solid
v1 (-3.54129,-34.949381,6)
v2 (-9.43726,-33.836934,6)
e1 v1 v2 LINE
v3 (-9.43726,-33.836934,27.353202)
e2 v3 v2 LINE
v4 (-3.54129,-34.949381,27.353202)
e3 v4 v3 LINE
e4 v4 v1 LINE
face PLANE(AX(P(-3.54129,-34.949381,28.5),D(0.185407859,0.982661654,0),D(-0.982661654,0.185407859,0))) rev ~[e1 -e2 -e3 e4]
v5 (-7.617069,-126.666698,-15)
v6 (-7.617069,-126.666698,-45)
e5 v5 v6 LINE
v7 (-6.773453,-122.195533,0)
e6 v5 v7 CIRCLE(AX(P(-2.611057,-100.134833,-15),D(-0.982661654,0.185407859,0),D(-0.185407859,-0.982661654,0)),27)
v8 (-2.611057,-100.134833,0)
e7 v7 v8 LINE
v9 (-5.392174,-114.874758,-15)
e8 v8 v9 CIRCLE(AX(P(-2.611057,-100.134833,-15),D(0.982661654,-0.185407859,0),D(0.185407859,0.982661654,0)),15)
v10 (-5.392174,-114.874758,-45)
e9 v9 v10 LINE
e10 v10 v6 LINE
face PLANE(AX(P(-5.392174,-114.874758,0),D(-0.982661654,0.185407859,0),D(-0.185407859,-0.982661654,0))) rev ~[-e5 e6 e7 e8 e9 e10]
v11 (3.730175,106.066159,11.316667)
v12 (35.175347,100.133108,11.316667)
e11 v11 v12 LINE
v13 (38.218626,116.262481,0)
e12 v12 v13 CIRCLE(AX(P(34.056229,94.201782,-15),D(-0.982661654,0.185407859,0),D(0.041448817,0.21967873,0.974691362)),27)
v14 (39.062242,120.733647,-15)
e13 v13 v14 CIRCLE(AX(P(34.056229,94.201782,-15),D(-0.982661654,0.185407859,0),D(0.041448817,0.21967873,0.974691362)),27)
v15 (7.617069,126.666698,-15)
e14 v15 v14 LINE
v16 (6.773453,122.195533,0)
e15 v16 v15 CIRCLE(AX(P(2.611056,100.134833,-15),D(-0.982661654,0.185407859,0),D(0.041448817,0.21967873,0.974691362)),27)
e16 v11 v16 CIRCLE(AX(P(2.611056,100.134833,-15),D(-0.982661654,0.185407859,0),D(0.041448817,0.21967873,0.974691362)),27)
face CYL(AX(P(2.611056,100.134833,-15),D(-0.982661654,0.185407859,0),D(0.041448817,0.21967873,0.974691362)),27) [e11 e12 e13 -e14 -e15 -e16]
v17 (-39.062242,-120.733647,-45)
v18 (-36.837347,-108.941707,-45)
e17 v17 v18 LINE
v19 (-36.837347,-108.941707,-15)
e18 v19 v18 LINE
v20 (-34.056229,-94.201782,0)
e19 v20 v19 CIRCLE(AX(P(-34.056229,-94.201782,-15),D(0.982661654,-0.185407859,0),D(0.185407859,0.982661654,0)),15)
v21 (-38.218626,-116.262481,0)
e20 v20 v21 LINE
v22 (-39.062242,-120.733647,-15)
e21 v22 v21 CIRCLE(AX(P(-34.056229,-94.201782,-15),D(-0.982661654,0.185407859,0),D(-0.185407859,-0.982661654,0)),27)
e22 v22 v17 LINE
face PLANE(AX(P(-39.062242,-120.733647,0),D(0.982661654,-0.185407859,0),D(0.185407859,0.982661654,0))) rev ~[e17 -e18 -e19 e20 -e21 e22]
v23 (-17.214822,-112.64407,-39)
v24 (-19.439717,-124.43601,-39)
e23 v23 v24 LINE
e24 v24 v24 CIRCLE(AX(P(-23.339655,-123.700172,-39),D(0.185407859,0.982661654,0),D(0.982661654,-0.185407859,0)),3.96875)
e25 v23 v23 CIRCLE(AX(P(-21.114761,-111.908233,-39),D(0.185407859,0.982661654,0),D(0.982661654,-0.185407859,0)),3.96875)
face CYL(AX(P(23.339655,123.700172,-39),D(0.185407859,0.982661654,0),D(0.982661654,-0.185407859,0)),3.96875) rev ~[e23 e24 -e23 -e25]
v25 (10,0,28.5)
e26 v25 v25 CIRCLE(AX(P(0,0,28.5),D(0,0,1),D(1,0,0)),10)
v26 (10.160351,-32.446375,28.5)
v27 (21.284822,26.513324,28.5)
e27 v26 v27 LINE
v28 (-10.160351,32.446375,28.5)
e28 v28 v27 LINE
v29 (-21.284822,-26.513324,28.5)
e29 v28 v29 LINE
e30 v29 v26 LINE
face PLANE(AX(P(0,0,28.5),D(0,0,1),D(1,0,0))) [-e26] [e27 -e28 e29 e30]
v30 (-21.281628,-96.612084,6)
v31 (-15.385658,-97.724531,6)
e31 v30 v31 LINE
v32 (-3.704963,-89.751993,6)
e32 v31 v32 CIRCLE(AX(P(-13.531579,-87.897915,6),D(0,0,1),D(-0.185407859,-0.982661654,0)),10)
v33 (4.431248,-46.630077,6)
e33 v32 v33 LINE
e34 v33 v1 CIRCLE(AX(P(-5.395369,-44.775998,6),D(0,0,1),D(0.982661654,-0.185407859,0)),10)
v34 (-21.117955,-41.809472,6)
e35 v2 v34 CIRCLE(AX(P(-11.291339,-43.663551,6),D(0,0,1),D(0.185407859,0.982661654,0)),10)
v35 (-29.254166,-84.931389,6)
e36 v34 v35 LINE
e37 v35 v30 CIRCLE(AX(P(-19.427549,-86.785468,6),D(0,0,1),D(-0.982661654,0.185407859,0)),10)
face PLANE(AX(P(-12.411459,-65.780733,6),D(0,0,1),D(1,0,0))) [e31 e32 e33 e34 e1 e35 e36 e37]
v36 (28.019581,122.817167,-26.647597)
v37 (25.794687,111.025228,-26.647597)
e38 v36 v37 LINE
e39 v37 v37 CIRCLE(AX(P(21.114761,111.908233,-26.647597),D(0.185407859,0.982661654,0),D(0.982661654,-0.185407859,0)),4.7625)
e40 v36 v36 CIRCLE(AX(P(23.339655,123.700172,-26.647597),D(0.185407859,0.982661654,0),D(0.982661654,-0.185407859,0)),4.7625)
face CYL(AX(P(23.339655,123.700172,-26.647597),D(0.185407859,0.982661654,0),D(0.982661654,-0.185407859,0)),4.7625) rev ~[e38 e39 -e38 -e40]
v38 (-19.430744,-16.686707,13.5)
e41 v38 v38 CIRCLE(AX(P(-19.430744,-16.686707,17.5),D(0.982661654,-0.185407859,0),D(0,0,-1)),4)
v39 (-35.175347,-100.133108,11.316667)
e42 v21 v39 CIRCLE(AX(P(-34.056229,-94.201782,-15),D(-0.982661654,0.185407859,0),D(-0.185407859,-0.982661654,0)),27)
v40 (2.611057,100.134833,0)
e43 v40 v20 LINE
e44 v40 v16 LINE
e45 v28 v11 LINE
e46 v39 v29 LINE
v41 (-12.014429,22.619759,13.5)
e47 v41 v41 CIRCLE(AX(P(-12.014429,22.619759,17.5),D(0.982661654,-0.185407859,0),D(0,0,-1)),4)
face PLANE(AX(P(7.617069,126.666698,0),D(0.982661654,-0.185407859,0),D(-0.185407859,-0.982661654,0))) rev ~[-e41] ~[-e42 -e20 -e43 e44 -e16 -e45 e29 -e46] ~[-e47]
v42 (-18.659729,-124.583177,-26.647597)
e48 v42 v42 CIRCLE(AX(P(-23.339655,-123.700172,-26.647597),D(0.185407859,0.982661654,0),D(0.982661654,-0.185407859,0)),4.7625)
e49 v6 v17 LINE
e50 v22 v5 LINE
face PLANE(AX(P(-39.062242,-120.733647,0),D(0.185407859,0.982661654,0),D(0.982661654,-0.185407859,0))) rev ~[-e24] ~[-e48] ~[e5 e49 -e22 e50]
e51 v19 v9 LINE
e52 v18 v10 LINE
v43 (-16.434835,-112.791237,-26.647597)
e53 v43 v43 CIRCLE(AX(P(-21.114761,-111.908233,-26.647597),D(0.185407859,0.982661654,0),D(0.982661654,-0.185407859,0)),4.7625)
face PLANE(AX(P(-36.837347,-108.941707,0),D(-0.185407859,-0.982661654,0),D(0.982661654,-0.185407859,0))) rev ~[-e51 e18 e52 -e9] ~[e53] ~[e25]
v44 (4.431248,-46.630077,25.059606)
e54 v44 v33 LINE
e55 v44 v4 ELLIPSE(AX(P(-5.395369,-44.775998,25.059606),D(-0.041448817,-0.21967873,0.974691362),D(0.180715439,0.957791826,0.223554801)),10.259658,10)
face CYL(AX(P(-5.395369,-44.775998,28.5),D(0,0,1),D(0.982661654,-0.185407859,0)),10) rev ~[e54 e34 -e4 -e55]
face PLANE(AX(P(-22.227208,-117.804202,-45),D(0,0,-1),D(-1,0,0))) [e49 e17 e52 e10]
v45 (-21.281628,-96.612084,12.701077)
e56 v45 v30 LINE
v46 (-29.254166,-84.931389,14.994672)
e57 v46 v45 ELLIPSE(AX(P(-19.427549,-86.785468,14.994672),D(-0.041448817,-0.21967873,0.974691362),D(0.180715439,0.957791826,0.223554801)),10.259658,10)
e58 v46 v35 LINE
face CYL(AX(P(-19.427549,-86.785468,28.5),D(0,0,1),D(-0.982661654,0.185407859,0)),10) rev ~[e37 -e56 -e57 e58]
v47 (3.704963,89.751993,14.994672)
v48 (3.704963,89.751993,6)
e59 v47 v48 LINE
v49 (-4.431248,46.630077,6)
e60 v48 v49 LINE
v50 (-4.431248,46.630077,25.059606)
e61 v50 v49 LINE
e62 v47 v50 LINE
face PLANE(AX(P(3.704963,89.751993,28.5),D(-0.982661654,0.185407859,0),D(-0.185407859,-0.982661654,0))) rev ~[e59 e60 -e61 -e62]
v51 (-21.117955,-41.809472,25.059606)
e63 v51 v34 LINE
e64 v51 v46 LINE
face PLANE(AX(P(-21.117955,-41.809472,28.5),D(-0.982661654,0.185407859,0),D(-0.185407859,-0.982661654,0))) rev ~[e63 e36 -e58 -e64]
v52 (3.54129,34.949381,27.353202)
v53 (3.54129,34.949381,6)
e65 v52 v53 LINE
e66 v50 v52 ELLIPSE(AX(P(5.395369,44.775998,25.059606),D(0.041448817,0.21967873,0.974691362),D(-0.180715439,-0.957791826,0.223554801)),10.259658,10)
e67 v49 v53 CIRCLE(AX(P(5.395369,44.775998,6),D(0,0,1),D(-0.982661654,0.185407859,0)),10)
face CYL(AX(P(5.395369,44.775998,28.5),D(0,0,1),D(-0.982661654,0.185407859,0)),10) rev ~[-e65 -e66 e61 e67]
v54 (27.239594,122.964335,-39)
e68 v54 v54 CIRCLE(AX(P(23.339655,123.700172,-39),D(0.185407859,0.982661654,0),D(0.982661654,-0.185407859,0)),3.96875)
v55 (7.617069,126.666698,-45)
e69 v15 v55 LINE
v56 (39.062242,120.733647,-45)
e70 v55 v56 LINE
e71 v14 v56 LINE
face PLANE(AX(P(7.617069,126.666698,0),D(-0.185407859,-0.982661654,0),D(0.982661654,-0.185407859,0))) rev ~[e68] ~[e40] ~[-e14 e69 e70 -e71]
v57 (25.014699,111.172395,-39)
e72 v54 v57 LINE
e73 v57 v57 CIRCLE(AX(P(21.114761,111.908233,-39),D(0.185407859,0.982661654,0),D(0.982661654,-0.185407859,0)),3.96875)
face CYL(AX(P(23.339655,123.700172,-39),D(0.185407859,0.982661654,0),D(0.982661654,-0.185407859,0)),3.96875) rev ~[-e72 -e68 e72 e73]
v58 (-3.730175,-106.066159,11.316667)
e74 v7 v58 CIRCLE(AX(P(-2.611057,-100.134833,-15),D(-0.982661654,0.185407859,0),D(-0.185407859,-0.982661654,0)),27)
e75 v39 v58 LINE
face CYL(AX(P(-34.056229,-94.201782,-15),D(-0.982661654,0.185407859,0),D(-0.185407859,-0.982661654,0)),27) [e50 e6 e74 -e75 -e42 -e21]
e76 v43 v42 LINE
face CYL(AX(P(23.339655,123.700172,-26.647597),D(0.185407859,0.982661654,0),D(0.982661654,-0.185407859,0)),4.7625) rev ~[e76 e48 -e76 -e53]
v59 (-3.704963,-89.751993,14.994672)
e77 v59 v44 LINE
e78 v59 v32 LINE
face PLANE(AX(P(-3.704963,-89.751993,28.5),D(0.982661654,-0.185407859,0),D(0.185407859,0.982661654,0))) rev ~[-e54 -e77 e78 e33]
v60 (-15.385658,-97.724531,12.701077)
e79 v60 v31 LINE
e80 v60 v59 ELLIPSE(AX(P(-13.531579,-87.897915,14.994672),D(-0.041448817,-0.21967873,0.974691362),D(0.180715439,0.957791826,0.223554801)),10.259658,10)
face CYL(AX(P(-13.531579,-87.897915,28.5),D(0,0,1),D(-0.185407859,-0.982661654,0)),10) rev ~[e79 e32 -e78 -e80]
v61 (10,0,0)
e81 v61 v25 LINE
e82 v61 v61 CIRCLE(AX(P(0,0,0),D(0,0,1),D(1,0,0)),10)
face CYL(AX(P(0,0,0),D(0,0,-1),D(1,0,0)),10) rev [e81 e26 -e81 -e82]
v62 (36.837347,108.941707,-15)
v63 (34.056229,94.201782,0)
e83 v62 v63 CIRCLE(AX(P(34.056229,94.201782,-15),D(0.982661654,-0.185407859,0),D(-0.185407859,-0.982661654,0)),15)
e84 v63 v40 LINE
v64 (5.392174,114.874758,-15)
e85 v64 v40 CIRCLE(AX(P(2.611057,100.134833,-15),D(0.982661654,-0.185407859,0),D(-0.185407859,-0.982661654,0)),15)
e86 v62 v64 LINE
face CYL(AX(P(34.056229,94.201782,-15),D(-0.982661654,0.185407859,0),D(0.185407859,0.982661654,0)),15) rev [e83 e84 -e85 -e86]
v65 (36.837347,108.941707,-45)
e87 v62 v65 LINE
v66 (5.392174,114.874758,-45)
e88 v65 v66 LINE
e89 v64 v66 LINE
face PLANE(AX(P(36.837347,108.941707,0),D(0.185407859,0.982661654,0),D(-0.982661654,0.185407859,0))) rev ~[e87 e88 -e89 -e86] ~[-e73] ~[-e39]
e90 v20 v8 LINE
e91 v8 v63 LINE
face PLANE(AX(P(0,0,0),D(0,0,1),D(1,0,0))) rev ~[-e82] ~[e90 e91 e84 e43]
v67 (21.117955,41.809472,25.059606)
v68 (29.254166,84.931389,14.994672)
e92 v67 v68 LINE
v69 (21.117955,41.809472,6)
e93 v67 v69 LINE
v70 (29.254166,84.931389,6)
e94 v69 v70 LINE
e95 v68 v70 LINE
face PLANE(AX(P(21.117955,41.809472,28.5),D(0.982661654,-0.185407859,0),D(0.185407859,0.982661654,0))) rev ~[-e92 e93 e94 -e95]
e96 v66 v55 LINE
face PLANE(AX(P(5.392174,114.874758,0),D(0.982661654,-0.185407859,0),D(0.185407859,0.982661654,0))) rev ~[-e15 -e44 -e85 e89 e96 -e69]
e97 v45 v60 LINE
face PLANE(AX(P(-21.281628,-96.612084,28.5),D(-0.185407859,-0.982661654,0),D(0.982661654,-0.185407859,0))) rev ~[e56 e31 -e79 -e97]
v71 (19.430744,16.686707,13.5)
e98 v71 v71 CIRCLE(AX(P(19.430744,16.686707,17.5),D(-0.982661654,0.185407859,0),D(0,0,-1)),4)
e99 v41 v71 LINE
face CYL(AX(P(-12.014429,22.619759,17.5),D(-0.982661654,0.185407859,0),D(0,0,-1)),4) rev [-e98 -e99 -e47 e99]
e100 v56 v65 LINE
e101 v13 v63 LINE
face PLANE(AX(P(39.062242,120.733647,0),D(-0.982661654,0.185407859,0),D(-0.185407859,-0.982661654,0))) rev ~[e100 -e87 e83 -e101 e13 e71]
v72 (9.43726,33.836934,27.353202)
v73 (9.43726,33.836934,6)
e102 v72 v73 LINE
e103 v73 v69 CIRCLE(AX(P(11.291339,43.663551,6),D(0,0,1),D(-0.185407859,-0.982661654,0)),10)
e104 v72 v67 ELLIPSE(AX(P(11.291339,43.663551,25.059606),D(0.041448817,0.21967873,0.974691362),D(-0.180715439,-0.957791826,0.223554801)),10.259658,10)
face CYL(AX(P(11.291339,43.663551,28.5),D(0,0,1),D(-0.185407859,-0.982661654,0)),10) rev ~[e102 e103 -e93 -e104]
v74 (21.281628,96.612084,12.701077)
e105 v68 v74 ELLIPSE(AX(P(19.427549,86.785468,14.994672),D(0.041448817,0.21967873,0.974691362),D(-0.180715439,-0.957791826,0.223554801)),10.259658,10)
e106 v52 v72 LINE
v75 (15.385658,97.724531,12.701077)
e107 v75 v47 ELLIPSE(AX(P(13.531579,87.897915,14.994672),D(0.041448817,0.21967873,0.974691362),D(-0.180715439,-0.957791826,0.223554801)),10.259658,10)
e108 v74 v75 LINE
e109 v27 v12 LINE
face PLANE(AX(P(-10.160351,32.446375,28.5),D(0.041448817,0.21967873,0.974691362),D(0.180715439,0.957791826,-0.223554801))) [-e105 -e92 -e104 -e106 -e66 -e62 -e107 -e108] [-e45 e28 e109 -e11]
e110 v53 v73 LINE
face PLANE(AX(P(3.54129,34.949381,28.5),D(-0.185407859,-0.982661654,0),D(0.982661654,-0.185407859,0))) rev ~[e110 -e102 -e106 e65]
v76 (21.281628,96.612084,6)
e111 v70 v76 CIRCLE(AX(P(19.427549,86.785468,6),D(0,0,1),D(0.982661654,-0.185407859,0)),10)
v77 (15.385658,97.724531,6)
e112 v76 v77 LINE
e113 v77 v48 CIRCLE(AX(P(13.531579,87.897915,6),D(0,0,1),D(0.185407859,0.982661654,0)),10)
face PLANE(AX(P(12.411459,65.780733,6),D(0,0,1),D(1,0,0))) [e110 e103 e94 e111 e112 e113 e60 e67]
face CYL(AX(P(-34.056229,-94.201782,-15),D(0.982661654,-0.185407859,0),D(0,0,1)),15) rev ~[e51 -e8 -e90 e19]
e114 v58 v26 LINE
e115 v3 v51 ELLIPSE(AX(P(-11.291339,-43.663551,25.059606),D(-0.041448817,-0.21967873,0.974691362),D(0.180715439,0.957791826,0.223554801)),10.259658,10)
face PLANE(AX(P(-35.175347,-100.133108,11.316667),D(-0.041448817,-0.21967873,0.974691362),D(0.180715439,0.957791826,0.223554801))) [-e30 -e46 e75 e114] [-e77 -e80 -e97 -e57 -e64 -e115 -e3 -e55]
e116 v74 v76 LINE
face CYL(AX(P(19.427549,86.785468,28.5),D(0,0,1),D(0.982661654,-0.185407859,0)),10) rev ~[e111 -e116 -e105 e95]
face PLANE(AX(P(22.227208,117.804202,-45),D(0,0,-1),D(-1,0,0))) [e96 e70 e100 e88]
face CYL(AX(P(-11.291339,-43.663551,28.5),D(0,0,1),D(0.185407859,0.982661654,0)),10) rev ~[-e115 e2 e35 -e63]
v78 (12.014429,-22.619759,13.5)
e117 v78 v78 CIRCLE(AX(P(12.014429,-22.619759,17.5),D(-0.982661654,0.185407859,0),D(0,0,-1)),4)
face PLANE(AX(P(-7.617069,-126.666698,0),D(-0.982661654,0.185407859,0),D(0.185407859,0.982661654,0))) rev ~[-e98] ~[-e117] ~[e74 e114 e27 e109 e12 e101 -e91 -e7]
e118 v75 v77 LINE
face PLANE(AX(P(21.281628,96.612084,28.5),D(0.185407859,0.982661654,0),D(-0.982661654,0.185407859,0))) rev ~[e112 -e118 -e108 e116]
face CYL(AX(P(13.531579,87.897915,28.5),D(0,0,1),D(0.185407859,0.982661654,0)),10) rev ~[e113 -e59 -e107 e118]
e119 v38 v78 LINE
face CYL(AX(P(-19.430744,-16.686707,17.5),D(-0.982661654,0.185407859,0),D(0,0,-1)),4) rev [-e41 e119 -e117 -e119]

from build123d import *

# Parameters (mm, degrees)
SKETCH1_R               = 10
BOSS_EXTRUDE1_DEPTH     = 28.5
BOSS_EXTRUDE2_DEPTH     = 45
SKETCH4_R               = 4.7625
SKETCH4_R_2             = 3.96875
CUT_EXTRUDE1_DEPTH      = 258.595725096
FILLET3_R               = 15
SKETCH10_R              = 4
CUT_EXTRUDE2_DEPTH      = 78.869968284
CUT_EXTRUDE2_DEPTH_BACK = 46.869968284
CUT_EXTRUDE4_DEPTH      = 22.5


with BuildPart() as part:
    # Sketch1 → Boss-Extrude1 (new body)
    with BuildSketch(Plane.XY):
        Polygon((-7.617068705, -126.66669812), (39.062241625, 120.733646626), (7.617068705, 126.66669812), (-39.062241625, -120.733646626), align=None)
        Circle(SKETCH1_R, mode=Mode.SUBTRACT)
    extrude(amount=BOSS_EXTRUDE1_DEPTH)

    # Sketch2 → Boss-Extrude2 (add)
    with BuildSketch(Plane(origin=(0, 0, 0), x_dir=(-1, 0, 0), z_dir=(0, 0, -1))):
        Polygon((-39.062241625, 120.733646626), (-36.837347314, 108.941706781), (-5.392174394, 114.874758275), (-7.617068705, 126.66669812), align=None)
        Polygon((36.837347314, -108.941706781), (5.392174394, -114.874758275), (7.617068705, -126.66669812), (39.062241625, -120.733646626), align=None)
    extrude(amount=BOSS_EXTRUDE2_DEPTH)

    # Sketch4 → Cut-Extrude1 (cut, through all)
    with BuildSketch(Plane(origin=(-1.656161502, 128.416364197, 0), x_dir=(0.982661654, -0.185407859, 0), z_dir=(0.185407859, 0.982661654, 0))):
        with Locations((25.436849572, 26.64759704)):
            Circle(SKETCH4_R)
        with Locations((25.436849572, 39)):
            Circle(SKETCH4_R_2)
    extrude(amount=-CUT_EXTRUDE1_DEPTH, mode=Mode.SUBTRACT)

    # Fillet3
    fillet3_edges = [part.edges().sort_by_distance(p)[0] for p in [
        (21.114760854, 111.908232528, 0),
        (-21.114760854, -111.908232528, 0),
    ]]
    fillet(fillet3_edges, radius=FILLET3_R)

    # Sketch10 → Cut-Extrude2 (cut, two sides)
    with BuildSketch(Plane(origin=(-16.024269994, 1.367603019, 0), x_dir=(0, 0, -1), z_dir=(0.982661654, -0.185407859, 0))) as cut_extrude2_sk:
        with Locations((-17.5, 21.627134551)):
            Circle(SKETCH10_R)
        with Locations((-17.5, -18.372865449)):
            Circle(SKETCH10_R)
        with BuildLine():
            Line((-28.5, 31.627134551), (-11.316666773, 106.545885621))
            ThreePointArc((-11.316666773, 106.545885621), (-1.82302812, 121.628280107), (15, 127.509906002))
            Line((15, 127.509906002), (-44.768549469, 140.171550448))
            Line((-44.768549469, 140.171550448), (-46.912682998, 31.416920937))
            Line((-46.912682998, 31.416920937), (-28.5, 31.627134551))
        make_face()
        with BuildLine():
            Line((-44.768549469, -136.917281346), (15, -124.255636901))
            ThreePointArc((15, -124.255636901), (-1.82302812, -118.374011006), (-11.316666773, -103.29161652))
            Line((-11.316666773, -103.29161652), (-28.5, -28.372865449))
            Line((-28.5, -28.372865449), (-46.912682998, -28.162651835))
            Line((-46.912682998, -28.162651835), (-44.768549469, -136.917281346))
        make_face()
    extrude(amount=CUT_EXTRUDE2_DEPTH, mode=Mode.SUBTRACT)
    extrude(cut_extrude2_sk.sketch, amount=-CUT_EXTRUDE2_DEPTH_BACK, mode=Mode.SUBTRACT)

    # Sketch11 → Cut-Extrude4 (cut)
    with BuildSketch(Plane.XY.offset(28.5)):
        with BuildLine():
            Line((3.541290111, 34.949381459), (9.437260033, 33.836934304))
            ThreePointArc((9.437260033, 33.836934304), (16.92877427, 35.404052106), (21.117955163, 41.809472249))
            Line((21.117955163, 41.809472249), (29.254165873, 84.931389014))
            ThreePointArc((29.254165873, 84.931389014), (27.687048071, 92.422903251), (21.281627928, 96.612084144))
            Line((21.281627928, 96.612084144), (15.385658005, 97.724531299))
            ThreePointArc((15.385658005, 97.724531299), (7.894143769, 96.157413497), (3.704962876, 89.751993354))
            Line((3.704962876, 89.751993354), (-4.431247835, 46.630076588))
            ThreePointArc((-4.431247835, 46.630076588), (-2.864130032, 39.138562352), (3.541290111, 34.949381459))
        make_face()
        with BuildLine():
            Line((-21.281627928, -96.612084144), (-15.385658005, -97.724531299))
            ThreePointArc((-15.385658005, -97.724531299), (-7.894143769, -96.157413497), (-3.704962876, -89.751993354))
            Line((-3.704962876, -89.751993354), (4.431247835, -46.630076588))
            ThreePointArc((4.431247835, -46.630076588), (2.864130032, -39.138562352), (-3.541290111, -34.949381459))
            Line((-3.541290111, -34.949381459), (-9.437260033, -33.836934304))
            ThreePointArc((-9.437260033, -33.836934304), (-16.92877427, -35.404052106), (-21.117955163, -41.809472249))
            Line((-21.117955163, -41.809472249), (-29.254165873, -84.931389014))
            ThreePointArc((-29.254165873, -84.931389014), (-27.687048071, -92.422903251), (-21.281627928, -96.612084144))
        make_face()
    extrude(amount=-CUT_EXTRUDE4_DEPTH, mode=Mode.SUBTRACT)


solid = part.part
